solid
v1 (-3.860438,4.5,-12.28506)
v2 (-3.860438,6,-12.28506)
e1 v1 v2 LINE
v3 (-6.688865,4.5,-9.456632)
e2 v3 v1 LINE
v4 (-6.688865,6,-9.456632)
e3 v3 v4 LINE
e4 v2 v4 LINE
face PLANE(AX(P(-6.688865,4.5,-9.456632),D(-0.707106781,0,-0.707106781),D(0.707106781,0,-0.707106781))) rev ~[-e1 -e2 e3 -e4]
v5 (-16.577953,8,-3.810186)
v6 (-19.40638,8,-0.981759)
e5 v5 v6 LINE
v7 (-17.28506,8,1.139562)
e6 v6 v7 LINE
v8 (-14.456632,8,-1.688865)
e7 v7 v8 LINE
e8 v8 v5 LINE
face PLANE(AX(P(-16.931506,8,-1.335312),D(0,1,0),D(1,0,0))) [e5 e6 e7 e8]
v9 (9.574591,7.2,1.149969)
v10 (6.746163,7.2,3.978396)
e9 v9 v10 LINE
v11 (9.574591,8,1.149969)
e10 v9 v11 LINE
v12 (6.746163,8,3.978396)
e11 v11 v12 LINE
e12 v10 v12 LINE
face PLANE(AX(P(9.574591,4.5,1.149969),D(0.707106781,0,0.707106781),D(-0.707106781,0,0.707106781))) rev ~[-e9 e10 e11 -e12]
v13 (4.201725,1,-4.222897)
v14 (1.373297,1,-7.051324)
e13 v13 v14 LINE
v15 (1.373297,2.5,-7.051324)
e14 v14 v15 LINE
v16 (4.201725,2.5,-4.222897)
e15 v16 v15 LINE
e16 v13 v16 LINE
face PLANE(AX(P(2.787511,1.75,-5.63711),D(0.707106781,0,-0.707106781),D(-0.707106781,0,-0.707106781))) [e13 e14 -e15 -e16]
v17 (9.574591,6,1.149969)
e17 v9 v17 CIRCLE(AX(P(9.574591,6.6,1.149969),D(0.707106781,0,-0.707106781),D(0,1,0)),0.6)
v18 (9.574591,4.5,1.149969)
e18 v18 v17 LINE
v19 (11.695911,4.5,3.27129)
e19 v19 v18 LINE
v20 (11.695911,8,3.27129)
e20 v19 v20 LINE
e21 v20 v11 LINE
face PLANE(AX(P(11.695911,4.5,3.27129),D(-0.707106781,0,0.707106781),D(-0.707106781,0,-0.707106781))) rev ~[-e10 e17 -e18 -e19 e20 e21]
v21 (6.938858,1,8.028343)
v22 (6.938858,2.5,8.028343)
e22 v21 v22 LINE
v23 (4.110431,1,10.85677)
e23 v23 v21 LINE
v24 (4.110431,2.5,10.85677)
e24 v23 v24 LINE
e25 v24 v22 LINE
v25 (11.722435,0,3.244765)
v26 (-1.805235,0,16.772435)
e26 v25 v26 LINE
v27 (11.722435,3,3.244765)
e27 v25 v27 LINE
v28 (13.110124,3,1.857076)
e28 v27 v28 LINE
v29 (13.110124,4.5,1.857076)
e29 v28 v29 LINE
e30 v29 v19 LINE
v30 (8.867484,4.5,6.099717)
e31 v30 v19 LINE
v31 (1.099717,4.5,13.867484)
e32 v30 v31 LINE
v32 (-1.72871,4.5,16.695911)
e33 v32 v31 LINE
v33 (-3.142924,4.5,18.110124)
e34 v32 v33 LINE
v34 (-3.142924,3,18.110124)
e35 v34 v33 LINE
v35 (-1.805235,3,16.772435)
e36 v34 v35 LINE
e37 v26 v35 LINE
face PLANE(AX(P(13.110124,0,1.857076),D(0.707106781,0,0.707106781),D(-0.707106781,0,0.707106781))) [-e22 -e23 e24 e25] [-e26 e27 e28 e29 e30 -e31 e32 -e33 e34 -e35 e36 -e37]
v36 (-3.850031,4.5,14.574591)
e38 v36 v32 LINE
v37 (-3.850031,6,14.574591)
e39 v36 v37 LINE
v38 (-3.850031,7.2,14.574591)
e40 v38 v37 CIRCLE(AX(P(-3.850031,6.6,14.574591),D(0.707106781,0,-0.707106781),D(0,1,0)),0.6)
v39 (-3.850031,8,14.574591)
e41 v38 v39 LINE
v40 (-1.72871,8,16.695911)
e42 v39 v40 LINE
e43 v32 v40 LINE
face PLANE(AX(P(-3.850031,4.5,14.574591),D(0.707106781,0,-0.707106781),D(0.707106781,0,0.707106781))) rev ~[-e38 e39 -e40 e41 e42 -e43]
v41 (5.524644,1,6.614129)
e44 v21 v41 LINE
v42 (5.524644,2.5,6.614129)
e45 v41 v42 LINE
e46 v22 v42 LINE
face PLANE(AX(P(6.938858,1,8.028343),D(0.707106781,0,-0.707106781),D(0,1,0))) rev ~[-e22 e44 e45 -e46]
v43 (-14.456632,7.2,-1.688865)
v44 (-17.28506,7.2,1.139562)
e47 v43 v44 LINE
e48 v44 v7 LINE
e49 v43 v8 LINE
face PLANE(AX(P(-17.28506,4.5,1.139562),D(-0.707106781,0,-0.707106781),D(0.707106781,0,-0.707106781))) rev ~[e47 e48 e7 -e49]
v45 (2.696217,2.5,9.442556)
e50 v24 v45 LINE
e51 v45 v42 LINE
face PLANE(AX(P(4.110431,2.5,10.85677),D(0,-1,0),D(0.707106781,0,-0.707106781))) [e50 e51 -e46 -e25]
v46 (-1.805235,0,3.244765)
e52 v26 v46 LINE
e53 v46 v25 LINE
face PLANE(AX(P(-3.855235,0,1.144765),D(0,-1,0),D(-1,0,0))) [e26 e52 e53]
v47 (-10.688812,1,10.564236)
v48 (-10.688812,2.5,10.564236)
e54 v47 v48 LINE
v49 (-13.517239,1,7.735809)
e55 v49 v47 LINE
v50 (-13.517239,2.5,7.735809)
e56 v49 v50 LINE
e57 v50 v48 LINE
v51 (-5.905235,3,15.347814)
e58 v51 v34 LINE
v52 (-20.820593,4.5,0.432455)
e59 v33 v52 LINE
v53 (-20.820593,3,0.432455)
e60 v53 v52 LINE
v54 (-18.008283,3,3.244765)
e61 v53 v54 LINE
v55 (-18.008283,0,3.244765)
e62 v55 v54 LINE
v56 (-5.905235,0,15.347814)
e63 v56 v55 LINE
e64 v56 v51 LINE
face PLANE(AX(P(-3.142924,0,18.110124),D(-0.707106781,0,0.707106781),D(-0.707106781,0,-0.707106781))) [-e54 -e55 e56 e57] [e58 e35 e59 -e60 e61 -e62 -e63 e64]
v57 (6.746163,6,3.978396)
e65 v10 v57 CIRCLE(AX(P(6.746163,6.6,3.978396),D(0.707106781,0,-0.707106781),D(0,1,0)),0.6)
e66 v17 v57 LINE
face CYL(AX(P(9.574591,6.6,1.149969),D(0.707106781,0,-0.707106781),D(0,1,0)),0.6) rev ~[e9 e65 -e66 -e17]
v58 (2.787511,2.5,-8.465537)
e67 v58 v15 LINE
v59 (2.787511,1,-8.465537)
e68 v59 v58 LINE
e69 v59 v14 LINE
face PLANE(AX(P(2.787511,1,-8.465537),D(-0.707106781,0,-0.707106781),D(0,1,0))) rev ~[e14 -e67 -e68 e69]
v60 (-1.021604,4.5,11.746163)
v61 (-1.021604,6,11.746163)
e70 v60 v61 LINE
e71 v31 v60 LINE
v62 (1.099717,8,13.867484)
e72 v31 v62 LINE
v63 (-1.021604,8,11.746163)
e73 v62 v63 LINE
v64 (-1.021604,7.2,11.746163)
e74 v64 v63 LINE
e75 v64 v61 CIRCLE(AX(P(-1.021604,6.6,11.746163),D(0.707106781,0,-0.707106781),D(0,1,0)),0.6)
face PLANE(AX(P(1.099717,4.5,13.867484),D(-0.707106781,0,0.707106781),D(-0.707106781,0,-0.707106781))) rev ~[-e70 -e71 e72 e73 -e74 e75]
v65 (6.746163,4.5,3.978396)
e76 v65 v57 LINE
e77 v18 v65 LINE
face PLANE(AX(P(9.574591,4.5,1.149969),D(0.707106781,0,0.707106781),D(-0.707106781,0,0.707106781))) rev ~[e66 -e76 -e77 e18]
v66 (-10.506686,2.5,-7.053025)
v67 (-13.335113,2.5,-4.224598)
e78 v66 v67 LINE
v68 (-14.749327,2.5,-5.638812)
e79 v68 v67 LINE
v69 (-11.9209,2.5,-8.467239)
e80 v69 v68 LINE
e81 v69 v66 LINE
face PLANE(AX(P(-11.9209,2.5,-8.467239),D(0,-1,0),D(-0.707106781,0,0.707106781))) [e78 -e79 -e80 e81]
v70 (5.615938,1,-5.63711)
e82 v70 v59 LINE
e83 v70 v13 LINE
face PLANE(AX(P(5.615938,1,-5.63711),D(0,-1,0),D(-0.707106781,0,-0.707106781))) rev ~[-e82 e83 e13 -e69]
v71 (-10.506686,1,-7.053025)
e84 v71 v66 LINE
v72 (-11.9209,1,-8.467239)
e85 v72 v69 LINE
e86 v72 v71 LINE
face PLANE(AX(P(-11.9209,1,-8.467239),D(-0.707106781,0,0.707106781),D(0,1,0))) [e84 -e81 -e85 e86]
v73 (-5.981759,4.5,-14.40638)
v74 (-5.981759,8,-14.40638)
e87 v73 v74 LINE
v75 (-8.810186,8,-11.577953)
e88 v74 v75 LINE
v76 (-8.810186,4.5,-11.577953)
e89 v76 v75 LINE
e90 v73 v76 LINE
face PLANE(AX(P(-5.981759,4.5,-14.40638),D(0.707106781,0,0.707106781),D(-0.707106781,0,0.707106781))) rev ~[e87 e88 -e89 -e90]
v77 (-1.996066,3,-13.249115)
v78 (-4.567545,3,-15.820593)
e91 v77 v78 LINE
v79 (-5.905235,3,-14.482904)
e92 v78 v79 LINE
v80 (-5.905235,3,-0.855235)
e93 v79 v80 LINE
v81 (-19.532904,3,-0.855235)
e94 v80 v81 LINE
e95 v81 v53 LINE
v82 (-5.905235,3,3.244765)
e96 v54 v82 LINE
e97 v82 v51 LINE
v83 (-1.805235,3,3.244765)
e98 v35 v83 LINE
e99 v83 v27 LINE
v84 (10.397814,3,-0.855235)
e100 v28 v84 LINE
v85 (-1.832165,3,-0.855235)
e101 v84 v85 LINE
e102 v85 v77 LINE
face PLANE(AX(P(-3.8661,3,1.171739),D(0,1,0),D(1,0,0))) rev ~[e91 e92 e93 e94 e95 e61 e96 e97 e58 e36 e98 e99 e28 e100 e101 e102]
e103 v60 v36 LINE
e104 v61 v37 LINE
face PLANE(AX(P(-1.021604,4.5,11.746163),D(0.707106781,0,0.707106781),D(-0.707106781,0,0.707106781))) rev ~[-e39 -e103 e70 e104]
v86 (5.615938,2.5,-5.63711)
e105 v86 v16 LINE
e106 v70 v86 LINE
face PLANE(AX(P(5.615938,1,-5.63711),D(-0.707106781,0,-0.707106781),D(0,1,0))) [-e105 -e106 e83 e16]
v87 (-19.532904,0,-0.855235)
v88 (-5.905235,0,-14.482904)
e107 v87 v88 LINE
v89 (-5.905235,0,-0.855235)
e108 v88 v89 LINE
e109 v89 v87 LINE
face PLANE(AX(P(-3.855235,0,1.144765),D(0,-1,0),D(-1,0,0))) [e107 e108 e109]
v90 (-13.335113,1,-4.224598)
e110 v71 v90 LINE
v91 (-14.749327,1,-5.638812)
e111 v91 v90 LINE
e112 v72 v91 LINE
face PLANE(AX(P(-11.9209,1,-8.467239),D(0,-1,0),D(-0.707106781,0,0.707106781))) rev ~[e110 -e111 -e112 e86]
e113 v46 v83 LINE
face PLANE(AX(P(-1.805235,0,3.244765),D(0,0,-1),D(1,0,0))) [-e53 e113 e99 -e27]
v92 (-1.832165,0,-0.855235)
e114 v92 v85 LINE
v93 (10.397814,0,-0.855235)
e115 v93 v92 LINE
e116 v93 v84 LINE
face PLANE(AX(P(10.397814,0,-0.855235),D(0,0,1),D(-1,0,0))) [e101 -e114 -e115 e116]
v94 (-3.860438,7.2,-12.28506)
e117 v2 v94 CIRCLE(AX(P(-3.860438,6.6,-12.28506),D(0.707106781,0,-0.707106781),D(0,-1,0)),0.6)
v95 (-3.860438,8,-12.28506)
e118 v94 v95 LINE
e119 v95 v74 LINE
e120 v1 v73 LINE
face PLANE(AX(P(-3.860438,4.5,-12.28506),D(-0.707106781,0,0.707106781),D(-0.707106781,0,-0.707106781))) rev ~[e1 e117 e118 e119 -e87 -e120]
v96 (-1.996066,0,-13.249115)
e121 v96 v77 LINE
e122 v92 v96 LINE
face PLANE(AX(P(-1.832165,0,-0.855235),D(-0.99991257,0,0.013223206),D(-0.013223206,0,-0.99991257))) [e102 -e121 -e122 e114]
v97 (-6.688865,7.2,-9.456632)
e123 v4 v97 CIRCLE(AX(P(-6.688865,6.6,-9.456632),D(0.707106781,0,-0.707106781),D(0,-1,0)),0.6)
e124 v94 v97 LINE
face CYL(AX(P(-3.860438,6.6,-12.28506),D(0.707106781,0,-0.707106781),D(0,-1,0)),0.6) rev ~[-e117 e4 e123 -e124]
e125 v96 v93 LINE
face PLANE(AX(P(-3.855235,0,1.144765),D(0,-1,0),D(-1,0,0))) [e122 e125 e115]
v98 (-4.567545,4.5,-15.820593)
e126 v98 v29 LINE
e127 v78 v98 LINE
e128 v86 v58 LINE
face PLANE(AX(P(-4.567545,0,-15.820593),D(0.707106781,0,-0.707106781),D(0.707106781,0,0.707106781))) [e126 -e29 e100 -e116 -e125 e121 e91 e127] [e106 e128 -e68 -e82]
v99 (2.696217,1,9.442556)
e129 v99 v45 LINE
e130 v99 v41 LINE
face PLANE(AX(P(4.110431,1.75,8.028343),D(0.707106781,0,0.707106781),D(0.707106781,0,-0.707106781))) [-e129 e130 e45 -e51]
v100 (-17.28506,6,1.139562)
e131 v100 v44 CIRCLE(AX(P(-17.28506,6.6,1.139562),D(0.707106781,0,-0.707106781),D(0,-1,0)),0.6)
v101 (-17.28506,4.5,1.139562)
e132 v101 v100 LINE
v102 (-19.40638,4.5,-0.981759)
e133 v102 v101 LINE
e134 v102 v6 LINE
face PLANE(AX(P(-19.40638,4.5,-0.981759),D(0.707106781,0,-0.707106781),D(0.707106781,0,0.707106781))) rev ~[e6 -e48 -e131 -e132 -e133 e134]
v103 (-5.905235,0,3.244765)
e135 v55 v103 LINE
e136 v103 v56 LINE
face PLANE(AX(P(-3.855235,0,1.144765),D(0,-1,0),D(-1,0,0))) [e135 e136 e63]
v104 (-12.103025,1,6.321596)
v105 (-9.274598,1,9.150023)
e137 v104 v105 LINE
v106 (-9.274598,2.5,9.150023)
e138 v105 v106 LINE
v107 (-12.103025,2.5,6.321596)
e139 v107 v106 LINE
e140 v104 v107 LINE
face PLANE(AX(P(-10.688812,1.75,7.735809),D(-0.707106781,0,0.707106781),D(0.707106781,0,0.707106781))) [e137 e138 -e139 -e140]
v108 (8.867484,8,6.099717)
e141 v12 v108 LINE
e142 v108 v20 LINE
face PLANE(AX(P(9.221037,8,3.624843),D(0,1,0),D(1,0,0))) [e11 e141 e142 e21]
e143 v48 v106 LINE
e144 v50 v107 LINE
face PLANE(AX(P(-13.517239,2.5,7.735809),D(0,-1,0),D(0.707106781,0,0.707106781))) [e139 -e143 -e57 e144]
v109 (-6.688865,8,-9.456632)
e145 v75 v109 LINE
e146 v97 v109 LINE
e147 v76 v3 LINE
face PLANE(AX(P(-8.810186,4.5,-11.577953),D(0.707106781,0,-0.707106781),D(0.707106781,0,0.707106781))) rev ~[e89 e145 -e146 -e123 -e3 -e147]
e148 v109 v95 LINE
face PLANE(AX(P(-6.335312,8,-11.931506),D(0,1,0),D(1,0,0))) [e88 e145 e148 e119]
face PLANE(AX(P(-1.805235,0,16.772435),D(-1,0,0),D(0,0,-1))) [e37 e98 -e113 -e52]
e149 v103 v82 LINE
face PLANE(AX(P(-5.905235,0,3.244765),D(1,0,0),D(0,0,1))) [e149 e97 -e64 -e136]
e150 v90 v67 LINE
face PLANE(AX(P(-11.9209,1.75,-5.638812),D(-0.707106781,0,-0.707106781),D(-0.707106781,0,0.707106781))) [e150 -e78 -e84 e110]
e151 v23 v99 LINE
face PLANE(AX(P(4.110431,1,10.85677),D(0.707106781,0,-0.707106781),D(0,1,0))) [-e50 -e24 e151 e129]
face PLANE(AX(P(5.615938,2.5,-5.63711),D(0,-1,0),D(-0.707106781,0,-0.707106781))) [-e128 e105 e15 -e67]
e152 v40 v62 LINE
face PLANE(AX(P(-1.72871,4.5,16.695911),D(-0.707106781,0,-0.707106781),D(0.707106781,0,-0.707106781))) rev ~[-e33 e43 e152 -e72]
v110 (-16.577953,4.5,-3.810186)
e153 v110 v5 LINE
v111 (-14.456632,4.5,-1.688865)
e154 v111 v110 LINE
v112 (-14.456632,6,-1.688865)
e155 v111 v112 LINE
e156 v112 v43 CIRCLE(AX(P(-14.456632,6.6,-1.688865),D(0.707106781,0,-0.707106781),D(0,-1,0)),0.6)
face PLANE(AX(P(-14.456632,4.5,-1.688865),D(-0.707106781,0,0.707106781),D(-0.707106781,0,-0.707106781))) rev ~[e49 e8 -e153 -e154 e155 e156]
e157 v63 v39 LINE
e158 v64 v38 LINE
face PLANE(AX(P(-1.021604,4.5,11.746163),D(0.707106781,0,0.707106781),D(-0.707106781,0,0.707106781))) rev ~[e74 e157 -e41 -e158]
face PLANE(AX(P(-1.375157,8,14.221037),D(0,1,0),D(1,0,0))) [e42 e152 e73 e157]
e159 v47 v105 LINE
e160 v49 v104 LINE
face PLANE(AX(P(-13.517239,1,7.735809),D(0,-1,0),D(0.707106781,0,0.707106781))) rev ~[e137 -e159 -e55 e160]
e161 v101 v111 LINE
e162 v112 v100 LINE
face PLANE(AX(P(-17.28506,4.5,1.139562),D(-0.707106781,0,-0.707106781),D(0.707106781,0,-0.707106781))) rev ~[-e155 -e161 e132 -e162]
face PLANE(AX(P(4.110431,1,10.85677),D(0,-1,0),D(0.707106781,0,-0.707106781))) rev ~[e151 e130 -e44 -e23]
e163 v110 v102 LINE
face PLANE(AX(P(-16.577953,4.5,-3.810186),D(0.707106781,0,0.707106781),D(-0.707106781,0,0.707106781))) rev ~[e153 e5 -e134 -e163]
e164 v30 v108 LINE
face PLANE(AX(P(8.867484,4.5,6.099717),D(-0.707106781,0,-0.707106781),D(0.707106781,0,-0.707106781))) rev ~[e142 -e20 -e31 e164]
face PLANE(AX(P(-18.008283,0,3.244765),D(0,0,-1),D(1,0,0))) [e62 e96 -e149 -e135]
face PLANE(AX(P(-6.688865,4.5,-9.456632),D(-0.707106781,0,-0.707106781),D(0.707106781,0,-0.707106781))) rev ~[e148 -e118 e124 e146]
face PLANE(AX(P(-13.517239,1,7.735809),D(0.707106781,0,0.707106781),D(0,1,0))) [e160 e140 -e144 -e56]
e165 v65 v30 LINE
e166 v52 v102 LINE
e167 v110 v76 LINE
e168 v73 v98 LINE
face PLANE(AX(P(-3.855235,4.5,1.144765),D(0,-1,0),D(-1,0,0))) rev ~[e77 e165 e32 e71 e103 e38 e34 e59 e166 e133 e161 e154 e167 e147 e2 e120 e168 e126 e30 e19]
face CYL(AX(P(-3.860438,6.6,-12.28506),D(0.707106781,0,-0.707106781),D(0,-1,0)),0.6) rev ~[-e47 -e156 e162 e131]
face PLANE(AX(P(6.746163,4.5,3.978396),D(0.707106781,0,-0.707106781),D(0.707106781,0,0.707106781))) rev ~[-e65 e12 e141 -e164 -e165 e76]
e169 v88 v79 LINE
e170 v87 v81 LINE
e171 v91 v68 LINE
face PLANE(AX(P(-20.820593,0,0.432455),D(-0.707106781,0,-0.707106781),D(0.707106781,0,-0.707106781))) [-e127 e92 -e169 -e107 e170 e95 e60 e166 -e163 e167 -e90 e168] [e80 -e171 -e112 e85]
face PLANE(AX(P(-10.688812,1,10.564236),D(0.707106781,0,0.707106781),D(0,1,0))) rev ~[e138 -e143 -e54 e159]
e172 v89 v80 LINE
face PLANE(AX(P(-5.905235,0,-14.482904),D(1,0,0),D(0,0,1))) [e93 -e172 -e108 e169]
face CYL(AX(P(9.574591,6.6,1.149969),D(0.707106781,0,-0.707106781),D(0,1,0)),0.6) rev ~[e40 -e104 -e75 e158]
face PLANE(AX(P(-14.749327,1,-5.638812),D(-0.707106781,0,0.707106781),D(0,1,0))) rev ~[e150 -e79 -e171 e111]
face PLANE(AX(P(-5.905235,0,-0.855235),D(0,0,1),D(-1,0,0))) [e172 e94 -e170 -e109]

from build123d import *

# Parameters (mm, degrees)
BOSS_EXTRUDE2_DEPTH     = 4.5
CUT_EXTRUDE1_DEPTH      = 3
BOSS_EXTRUDE3_DEPTH     = 3.5
CUT_EXTRUDE2_DEPTH      = 15.5
CUT_EXTRUDE2_DEPTH_BACK = 34.485281374
CUT_EXTRUDE5_DEPTH      = 34.485281374
SKETCH10_W              = 4
SKETCH10_H              = 1.5
CUT_EXTRUDE6_DEPTH      = 2
SKETCH11_W              = 4
SKETCH11_H              = 1.5
CUT_EXTRUDE7_DEPTH      = 2
SKETCH12_W              = 4
SKETCH12_H              = 1.5
CUT_EXTRUDE8_DEPTH      = 2
SKETCH13_W              = 4
SKETCH13_H              = 1.5
CUT_EXTRUDE9_DEPTH      = 2


with BuildPart() as part:
    # Sketch2 → Boss-Extrude2 (new body)
    with BuildSketch(Plane(origin=(0, 0, 0), x_dir=(1, 0, 0), z_dir=(0, 1, 0))):
        Polygon((-4.567545122, 15.820593449), (13.110124407, -1.85707608), (-3.14292392, -18.110124407), (-20.820593449, -0.432454878), align=None)
    extrude(amount=BOSS_EXTRUDE2_DEPTH)

    # Sketch4 → Cut-Extrude1 (cut)
    with BuildSketch(Plane(origin=(0, 0, 0), x_dir=(1, 0, 0), z_dir=(0, 1, 0))):
        Polygon((-18.008282848, -3.244765479), (-5.905234521, -3.244765479), (-5.905234521, -15.347813806), (-3.14292392, -18.110124407), (-1.805234521, -16.772435009), (-1.805234521, -3.244765479), (11.722435009, -3.244765479), (13.110124407, -1.85707608), (10.397813806, 0.855234521), (-1.832165216, 0.855234521), (-1.99606638, 13.249114707), (-4.567545122, 15.820593449), (-5.905234521, 14.482904051), (-5.905234521, 0.855234521), (-19.532904051, 0.855234521), (-20.820593449, -0.432454878), align=None)
    extrude(amount=CUT_EXTRUDE1_DEPTH, mode=Mode.SUBTRACT)

    # Sketch5 → Boss-Extrude3 (add)
    with BuildSketch(Plane(origin=(0, 4.5, 0), x_dir=(1, 0, 0), z_dir=(0, 1, 0))):
        Polygon((8.86748372, -6.099716767), (11.695910845, -3.271289643), (9.574590502, -1.149969299), (6.746163377, -3.978396424), align=None)
        Polygon((-6.688865466, 9.456632419), (-3.860438341, 12.285059543), (-5.981758685, 14.406379887), (-8.810185809, 11.577952762), align=None)
        Polygon((-17.285059543, -1.139561659), (-14.456632419, 1.688865466), (-16.577952762, 3.810185809), (-19.406379887, 0.981758685), align=None)
        Polygon((-1.728710357, -16.695910845), (1.099716767, -13.86748372), (-1.021603576, -11.746163377), (-3.850030701, -14.574590502), align=None)
    extrude(amount=BOSS_EXTRUDE3_DEPTH)

    # Sketch6 → Cut-Extrude2 (cut, two sides)
    with BuildSketch(Plane(origin=(4.212310601, 0, -4.212310601), x_dir=(-0.707106781, 0, -0.707106781), z_dir=(0.707106781, 0, -0.707106781))) as cut_extrude2_sk:
        with BuildLine():
            Line((-7.58340896, 6), (-7.58340896, 7.2))
            ThreePointArc((-7.58340896, 7.2), (-8.18340896, 6.6), (-7.58340896, 6))
        make_face()
    extrude(amount=CUT_EXTRUDE2_DEPTH, mode=Mode.SUBTRACT)
    extrude(cut_extrude2_sk.sketch, amount=-CUT_EXTRUDE2_DEPTH_BACK, mode=Mode.SUBTRACT)

    # Sketch7 → Cut-Extrude5 (cut, through all)
    with BuildSketch(Plane(origin=(4.212310601, 0, -4.212310601), x_dir=(-0.707106781, 0, -0.707106781), z_dir=(0.707106781, 0, -0.707106781))):
        with BuildLine():
            Line((11.41659104, 7.2), (11.41659104, 6))
            ThreePointArc((11.41659104, 6), (12.01659104, 6.6), (11.41659104, 7.2))
        make_face()
    extrude(amount=-CUT_EXTRUDE5_DEPTH, mode=Mode.SUBTRACT)

    # Sketch10 → Cut-Extrude6 (cut)
    with BuildSketch(Plane(origin=(5.626524164, 0, -5.626524164), x_dir=(-0.707106781, 0, -0.707106781), z_dir=(0.707106781, 0, -0.707106781))):
        with Locations((2.014970927, 1.75)):
            Rectangle(SKETCH10_W, SKETCH10_H)
    extrude(amount=-CUT_EXTRUDE6_DEPTH, mode=Mode.SUBTRACT)

    # Sketch11 → Cut-Extrude7 (cut)
    with BuildSketch(Plane(origin=(-10.626524164, 0, 10.626524164), x_dir=(0.707106781, 0, 0.707106781), z_dir=(-0.707106781, 0, 0.707106781))):
        with Locations((-2.088088155, 1.75)):
            Rectangle(SKETCH11_W, SKETCH11_H)
    extrude(amount=-CUT_EXTRUDE7_DEPTH, mode=Mode.SUBTRACT)

    # Sketch12 → Cut-Extrude8 (cut)
    with BuildSketch(Plane(origin=(7.483600244, 0, 7.483600244), x_dir=(0.707106781, 0, -0.707106781), z_dir=(0.707106781, 0, 0.707106781))):
        with Locations((-2.770382387, 1.75)):
            Rectangle(SKETCH12_W, SKETCH12_H)
    extrude(amount=-CUT_EXTRUDE8_DEPTH, mode=Mode.SUBTRACT)

    # Sketch13 → Cut-Extrude9 (cut)
    with BuildSketch(Plane(origin=(-10.194069286, 0, -10.194069286), x_dir=(-0.707106781, 0, 0.707106781), z_dir=(-0.707106781, 0, -0.707106781))):
        with Locations((4.442106781, 1.75)):
            Rectangle(SKETCH13_W, SKETCH13_H)
    extrude(amount=-CUT_EXTRUDE9_DEPTH, mode=Mode.SUBTRACT)


solid = part.part
